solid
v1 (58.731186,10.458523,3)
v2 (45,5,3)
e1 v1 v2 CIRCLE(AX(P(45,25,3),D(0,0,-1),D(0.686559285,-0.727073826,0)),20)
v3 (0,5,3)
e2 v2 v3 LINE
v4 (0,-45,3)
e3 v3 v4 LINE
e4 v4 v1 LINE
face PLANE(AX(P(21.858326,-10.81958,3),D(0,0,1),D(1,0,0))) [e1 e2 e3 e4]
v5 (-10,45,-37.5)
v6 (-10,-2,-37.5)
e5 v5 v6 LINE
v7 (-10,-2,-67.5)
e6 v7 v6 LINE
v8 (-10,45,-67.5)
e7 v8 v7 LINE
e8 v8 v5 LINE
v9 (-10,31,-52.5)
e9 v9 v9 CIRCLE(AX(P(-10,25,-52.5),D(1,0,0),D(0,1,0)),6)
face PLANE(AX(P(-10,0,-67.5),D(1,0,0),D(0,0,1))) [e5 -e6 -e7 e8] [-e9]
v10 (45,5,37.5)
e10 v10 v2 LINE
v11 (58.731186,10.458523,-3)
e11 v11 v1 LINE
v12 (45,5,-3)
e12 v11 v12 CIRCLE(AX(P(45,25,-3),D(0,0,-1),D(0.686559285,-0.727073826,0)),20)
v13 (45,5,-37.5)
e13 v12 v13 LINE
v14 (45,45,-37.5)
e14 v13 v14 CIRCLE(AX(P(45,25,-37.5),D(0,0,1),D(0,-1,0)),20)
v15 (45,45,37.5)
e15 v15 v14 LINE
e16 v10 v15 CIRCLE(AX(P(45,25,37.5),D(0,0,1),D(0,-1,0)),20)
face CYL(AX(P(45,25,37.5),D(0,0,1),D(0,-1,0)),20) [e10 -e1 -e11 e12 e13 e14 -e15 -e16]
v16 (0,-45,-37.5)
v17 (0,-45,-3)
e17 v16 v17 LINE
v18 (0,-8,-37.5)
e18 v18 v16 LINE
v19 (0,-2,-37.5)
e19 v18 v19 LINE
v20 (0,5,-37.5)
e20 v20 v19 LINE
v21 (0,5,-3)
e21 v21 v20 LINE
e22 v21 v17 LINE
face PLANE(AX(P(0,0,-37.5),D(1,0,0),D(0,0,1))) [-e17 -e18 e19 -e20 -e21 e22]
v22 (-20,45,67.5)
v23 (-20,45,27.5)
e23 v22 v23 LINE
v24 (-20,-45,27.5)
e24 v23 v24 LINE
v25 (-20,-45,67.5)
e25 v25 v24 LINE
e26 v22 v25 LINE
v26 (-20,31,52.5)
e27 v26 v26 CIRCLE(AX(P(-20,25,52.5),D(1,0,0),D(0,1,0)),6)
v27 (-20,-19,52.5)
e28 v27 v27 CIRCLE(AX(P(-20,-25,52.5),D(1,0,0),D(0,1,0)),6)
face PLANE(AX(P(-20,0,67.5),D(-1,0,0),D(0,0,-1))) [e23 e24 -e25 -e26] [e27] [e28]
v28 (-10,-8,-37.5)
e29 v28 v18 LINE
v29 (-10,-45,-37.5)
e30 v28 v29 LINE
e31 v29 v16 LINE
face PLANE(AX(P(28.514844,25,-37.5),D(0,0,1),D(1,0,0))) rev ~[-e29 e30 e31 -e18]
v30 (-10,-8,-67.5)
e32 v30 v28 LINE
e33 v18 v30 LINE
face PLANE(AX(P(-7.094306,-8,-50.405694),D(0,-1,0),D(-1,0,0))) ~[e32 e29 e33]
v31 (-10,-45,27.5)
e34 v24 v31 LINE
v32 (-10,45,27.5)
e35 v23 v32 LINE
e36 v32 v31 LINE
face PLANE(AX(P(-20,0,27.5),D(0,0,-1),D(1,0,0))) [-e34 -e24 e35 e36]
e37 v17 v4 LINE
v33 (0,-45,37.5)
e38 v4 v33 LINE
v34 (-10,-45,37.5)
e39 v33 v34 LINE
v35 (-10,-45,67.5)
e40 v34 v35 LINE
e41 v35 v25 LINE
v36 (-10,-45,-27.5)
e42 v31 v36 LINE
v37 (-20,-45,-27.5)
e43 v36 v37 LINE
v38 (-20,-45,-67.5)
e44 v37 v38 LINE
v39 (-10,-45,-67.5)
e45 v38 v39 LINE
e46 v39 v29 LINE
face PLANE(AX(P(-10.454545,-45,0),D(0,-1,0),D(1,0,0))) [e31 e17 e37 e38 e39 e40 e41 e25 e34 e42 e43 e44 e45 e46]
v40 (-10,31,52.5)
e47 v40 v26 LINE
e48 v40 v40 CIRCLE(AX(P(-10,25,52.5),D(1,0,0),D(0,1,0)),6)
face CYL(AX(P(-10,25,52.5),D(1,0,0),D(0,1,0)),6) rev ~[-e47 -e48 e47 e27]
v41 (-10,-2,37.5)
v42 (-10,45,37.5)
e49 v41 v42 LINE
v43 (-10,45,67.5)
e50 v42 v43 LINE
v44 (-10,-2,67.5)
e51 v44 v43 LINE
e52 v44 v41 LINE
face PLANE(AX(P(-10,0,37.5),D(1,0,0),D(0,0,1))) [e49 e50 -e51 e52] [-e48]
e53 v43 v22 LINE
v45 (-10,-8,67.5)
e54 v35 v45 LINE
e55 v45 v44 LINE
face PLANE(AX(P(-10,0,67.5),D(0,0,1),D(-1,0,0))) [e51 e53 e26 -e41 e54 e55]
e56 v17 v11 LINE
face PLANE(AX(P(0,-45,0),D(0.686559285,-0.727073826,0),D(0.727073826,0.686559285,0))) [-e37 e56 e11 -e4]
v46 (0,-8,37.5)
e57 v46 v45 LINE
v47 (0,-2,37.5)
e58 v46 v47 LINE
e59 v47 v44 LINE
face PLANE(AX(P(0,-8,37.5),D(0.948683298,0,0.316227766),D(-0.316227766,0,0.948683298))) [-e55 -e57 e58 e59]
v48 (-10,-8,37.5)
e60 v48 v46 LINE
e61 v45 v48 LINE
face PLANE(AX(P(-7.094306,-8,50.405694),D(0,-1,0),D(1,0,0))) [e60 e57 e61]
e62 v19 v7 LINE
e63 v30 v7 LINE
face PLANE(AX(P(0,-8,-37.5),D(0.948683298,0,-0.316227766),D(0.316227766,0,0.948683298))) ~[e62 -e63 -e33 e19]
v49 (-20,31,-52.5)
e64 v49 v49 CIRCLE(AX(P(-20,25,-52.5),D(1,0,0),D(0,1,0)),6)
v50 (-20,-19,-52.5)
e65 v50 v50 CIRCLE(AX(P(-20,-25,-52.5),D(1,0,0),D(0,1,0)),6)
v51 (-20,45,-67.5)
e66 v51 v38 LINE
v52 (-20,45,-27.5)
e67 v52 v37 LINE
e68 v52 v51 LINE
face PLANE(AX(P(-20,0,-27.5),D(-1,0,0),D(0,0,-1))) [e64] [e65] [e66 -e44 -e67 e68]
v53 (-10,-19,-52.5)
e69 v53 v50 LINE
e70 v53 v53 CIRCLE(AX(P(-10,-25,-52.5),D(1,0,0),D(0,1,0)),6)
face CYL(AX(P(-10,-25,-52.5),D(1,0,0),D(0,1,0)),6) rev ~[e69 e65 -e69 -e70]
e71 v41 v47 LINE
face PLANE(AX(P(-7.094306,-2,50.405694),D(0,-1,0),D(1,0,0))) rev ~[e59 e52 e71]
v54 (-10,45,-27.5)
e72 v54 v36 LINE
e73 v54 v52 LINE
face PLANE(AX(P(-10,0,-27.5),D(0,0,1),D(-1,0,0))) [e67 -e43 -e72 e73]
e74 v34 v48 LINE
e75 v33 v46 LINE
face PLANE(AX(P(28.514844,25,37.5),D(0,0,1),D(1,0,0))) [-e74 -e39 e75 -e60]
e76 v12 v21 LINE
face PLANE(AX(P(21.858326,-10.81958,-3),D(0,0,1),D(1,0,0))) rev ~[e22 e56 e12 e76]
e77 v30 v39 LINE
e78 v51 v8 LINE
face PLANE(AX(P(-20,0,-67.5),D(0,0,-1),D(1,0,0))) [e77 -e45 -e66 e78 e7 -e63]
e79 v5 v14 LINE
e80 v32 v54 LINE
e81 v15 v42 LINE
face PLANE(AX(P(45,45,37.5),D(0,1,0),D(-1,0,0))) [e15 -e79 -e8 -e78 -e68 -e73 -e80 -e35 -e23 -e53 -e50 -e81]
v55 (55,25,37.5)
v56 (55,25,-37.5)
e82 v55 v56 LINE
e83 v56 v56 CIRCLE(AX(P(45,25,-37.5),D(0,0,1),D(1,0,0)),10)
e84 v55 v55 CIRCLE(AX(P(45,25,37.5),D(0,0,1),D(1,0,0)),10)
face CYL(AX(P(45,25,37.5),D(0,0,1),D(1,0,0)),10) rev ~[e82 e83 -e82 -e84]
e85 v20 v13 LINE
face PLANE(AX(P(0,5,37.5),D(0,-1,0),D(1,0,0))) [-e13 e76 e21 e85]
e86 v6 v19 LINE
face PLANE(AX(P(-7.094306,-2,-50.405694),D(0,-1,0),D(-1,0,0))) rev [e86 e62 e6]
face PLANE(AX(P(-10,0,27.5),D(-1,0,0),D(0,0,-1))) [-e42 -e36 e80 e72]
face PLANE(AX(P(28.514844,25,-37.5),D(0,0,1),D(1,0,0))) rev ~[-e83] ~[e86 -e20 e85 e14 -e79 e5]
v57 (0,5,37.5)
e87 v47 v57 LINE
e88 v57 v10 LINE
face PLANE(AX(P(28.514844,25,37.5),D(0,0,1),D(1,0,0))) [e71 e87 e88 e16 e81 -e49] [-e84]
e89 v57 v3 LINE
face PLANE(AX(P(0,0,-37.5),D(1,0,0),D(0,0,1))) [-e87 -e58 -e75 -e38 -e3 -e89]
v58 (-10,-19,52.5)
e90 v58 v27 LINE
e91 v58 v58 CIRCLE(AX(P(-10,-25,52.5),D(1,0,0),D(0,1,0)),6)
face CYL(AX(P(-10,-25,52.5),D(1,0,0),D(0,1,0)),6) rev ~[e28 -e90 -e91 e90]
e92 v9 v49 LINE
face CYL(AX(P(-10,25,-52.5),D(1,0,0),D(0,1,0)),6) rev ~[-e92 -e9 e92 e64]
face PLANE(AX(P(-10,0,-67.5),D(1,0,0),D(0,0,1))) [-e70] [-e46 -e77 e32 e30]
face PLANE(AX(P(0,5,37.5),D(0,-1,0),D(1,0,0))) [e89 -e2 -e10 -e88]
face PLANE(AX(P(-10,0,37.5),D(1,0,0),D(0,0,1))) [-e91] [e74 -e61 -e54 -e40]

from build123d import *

# Parameters (mm, degrees)
F1_DEPTH  = 45
F2_R      = 10
F3_DEPTH  = 75
F5_DEPTH  = 3
F8_DEPTH  = 6
F10_R     = 6
F11_DEPTH = 10.001


with BuildPart() as f1:
    # F0 (on Front) → F1 (new body, symmetric)
    with BuildSketch(Plane.XZ):
        Polygon((-10, 67.5), (-20, 67.5), (-20, 27.5), (-10, 27.5), (-10, -27.5), (-20, -27.5), (-20, -67.5), (-10, -67.5), (-10, -37.5), (0, -37.5), (0, 37.5), (-10, 37.5), align=None)
    extrude(amount=F1_DEPTH, both=True)

    # F2 (on face) → F3 (join, through all)
    with BuildSketch(Plane.XY.offset(37.5)):
        with BuildLine():
            Line((0, 5), (45, 5))
            ThreePointArc((45, 5), (65, 25), (45, 45))
            Line((45, 45), (0, 45))
            Line((0, 45), (0, 5))
        make_face()
        with Locations((45, 25)):
            Circle(F2_R, mode=Mode.SUBTRACT)
    extrude(amount=-F3_DEPTH)

    # F4 (on Top) → F5 (join, symmetric)
    with BuildSketch(Plane.XY):
        with BuildLine():
            Line((0, 5), (0, -45))
            Line((0, -45), (58.7311856969, 10.4585234807))
            ThreePointArc((58.7311856969, 10.4585234807), (52.3881821044, 6.414662629), (45, 5))
            Line((45, 5), (0, 5))
        make_face()
    extrude(amount=F5_DEPTH, both=True)

    # F7 (on offset) → F8 (join)
    with BuildSketch(Plane.XZ.offset(8)):
        Polygon((0, 37.5), (-10, 67.5), (-10, 37.5), align=None)
    extrude(amount=-F8_DEPTH)

    # F9: F1 across plane


with BuildPart() as f1_1:
    add(f1.part)
    add(f1.part.mirror(Plane.XY))

    # F10 (on face) → F11 (cut, through all)
    with BuildSketch(Plane.YZ.offset(-10)):
        with Locations((-25, 52.5)):
            Circle(F10_R)
        with Locations((25, 52.5)):
            Circle(F10_R)
        with Locations((-25, -52.5)):
            Circle(F10_R)
        with Locations((25, -52.5)):
            Circle(F10_R)
    extrude(amount=-F11_DEPTH, mode=Mode.SUBTRACT)


solid = f1_1.part
